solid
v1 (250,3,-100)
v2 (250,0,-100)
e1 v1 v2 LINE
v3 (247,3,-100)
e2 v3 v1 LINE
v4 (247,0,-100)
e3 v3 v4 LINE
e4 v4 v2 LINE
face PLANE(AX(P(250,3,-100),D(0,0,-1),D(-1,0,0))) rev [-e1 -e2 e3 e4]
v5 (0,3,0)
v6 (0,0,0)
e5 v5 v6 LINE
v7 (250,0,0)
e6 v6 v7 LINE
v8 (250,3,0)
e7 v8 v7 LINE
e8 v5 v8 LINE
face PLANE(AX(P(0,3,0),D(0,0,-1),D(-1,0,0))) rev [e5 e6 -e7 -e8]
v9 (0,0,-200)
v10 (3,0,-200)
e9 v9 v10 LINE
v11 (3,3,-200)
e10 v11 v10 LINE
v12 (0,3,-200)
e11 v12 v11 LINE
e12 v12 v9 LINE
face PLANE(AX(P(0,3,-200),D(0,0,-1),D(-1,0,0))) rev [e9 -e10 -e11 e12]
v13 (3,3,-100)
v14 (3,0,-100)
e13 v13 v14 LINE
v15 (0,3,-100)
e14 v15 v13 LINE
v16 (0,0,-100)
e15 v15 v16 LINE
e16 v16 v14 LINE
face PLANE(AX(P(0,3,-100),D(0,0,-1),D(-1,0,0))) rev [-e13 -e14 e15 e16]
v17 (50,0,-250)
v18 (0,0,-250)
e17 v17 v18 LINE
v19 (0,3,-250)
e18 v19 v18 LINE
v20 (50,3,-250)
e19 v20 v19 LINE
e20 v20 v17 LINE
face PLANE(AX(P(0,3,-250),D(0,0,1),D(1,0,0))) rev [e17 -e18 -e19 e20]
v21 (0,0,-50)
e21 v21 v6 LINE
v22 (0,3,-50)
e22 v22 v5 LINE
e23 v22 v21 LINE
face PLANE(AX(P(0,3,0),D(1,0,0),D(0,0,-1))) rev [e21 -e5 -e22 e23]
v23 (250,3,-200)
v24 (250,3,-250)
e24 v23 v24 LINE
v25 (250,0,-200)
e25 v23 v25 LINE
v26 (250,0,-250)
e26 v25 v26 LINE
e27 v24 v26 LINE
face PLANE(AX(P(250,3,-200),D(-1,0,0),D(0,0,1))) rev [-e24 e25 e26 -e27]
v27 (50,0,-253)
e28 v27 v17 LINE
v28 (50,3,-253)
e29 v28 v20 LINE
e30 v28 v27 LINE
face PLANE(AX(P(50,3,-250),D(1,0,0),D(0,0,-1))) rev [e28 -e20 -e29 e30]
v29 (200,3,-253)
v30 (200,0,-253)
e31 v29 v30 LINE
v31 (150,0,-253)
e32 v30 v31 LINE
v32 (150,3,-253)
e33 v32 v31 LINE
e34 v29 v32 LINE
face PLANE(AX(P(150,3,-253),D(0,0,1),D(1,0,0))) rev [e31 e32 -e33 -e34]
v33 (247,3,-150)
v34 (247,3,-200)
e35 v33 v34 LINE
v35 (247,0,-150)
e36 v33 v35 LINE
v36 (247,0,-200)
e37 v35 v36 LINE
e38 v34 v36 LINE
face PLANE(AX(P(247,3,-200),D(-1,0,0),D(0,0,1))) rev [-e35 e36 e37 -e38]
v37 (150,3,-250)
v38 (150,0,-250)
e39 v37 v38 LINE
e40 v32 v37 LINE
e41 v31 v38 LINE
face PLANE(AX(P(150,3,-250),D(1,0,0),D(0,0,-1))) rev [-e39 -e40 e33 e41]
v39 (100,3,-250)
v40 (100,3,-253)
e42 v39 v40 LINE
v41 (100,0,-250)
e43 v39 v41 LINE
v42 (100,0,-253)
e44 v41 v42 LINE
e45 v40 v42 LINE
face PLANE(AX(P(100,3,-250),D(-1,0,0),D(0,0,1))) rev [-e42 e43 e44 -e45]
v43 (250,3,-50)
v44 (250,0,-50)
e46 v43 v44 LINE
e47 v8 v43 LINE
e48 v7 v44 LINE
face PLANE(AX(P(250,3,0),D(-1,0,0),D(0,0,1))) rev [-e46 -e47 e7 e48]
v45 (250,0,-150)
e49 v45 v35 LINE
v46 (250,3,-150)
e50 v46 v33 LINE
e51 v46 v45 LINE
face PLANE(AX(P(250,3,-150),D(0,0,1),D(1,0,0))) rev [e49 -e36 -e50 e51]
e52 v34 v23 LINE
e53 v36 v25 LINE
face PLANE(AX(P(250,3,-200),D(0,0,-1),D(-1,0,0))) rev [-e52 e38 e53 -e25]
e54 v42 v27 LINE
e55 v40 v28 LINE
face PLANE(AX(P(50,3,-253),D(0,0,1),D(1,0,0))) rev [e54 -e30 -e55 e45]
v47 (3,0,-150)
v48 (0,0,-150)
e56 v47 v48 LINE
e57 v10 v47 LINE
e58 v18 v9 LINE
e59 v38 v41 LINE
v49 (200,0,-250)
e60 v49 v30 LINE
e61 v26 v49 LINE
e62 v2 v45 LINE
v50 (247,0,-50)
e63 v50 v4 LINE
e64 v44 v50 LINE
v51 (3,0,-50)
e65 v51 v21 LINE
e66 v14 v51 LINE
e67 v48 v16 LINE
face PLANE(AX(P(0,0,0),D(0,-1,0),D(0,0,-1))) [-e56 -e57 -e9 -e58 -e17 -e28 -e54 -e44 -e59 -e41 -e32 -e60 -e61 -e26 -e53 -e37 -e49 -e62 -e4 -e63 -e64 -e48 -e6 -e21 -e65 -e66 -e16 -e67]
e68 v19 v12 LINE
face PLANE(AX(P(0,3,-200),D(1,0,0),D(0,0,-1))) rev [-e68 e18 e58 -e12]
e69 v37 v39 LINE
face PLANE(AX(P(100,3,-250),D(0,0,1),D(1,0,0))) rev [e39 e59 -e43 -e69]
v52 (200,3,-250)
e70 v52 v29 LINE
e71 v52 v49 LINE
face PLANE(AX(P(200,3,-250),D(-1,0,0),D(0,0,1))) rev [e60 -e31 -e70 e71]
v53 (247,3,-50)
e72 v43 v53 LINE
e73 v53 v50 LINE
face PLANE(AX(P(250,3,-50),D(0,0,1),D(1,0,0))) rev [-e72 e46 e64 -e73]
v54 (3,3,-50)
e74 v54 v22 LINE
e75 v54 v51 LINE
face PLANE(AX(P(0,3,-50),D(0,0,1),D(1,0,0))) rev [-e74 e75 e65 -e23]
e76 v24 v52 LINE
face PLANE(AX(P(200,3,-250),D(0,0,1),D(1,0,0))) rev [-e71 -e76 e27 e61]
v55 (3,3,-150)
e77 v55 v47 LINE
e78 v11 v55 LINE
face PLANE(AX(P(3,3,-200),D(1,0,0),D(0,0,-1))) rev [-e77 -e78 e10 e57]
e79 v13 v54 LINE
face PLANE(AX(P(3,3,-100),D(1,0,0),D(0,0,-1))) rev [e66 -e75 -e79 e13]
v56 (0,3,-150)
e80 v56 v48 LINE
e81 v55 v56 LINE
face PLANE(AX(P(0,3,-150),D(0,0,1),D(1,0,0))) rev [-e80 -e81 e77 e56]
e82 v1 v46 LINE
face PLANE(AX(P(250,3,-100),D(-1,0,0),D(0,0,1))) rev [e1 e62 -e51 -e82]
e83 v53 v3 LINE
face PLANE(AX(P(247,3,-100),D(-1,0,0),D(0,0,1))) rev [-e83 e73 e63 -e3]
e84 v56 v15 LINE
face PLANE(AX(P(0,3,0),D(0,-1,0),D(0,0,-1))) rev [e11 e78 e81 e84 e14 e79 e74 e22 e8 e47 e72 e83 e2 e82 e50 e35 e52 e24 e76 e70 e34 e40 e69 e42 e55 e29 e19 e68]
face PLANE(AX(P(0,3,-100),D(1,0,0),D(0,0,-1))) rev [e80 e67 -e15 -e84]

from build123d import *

# Parameters (mm, degrees)
BOSS_EXTRUDE1_DEPTH = 3


with BuildPart() as part:
    # Sketch1 → Boss-Extrude1 (new body)
    with BuildSketch(Plane(origin=(0, 0, 0), x_dir=(1, 0, 0), z_dir=(0, 1, 0))):
        Polygon((250, 100), (250, 150), (247, 150), (247, 200), (250, 200), (250, 250), (200, 250), (200, 253), (150, 253), (150, 250), (100, 250), (100, 253), (50, 253), (50, 250), (0, 250), (0, 200), (3, 200), (3, 150), (0, 150), (0, 100), (3, 100), (3, 50), (0, 50), (0, 0), (250, 0), (250, 50), (247, 50), (247, 100), align=None)
    extrude(amount=BOSS_EXTRUDE1_DEPTH)


solid = part.part
